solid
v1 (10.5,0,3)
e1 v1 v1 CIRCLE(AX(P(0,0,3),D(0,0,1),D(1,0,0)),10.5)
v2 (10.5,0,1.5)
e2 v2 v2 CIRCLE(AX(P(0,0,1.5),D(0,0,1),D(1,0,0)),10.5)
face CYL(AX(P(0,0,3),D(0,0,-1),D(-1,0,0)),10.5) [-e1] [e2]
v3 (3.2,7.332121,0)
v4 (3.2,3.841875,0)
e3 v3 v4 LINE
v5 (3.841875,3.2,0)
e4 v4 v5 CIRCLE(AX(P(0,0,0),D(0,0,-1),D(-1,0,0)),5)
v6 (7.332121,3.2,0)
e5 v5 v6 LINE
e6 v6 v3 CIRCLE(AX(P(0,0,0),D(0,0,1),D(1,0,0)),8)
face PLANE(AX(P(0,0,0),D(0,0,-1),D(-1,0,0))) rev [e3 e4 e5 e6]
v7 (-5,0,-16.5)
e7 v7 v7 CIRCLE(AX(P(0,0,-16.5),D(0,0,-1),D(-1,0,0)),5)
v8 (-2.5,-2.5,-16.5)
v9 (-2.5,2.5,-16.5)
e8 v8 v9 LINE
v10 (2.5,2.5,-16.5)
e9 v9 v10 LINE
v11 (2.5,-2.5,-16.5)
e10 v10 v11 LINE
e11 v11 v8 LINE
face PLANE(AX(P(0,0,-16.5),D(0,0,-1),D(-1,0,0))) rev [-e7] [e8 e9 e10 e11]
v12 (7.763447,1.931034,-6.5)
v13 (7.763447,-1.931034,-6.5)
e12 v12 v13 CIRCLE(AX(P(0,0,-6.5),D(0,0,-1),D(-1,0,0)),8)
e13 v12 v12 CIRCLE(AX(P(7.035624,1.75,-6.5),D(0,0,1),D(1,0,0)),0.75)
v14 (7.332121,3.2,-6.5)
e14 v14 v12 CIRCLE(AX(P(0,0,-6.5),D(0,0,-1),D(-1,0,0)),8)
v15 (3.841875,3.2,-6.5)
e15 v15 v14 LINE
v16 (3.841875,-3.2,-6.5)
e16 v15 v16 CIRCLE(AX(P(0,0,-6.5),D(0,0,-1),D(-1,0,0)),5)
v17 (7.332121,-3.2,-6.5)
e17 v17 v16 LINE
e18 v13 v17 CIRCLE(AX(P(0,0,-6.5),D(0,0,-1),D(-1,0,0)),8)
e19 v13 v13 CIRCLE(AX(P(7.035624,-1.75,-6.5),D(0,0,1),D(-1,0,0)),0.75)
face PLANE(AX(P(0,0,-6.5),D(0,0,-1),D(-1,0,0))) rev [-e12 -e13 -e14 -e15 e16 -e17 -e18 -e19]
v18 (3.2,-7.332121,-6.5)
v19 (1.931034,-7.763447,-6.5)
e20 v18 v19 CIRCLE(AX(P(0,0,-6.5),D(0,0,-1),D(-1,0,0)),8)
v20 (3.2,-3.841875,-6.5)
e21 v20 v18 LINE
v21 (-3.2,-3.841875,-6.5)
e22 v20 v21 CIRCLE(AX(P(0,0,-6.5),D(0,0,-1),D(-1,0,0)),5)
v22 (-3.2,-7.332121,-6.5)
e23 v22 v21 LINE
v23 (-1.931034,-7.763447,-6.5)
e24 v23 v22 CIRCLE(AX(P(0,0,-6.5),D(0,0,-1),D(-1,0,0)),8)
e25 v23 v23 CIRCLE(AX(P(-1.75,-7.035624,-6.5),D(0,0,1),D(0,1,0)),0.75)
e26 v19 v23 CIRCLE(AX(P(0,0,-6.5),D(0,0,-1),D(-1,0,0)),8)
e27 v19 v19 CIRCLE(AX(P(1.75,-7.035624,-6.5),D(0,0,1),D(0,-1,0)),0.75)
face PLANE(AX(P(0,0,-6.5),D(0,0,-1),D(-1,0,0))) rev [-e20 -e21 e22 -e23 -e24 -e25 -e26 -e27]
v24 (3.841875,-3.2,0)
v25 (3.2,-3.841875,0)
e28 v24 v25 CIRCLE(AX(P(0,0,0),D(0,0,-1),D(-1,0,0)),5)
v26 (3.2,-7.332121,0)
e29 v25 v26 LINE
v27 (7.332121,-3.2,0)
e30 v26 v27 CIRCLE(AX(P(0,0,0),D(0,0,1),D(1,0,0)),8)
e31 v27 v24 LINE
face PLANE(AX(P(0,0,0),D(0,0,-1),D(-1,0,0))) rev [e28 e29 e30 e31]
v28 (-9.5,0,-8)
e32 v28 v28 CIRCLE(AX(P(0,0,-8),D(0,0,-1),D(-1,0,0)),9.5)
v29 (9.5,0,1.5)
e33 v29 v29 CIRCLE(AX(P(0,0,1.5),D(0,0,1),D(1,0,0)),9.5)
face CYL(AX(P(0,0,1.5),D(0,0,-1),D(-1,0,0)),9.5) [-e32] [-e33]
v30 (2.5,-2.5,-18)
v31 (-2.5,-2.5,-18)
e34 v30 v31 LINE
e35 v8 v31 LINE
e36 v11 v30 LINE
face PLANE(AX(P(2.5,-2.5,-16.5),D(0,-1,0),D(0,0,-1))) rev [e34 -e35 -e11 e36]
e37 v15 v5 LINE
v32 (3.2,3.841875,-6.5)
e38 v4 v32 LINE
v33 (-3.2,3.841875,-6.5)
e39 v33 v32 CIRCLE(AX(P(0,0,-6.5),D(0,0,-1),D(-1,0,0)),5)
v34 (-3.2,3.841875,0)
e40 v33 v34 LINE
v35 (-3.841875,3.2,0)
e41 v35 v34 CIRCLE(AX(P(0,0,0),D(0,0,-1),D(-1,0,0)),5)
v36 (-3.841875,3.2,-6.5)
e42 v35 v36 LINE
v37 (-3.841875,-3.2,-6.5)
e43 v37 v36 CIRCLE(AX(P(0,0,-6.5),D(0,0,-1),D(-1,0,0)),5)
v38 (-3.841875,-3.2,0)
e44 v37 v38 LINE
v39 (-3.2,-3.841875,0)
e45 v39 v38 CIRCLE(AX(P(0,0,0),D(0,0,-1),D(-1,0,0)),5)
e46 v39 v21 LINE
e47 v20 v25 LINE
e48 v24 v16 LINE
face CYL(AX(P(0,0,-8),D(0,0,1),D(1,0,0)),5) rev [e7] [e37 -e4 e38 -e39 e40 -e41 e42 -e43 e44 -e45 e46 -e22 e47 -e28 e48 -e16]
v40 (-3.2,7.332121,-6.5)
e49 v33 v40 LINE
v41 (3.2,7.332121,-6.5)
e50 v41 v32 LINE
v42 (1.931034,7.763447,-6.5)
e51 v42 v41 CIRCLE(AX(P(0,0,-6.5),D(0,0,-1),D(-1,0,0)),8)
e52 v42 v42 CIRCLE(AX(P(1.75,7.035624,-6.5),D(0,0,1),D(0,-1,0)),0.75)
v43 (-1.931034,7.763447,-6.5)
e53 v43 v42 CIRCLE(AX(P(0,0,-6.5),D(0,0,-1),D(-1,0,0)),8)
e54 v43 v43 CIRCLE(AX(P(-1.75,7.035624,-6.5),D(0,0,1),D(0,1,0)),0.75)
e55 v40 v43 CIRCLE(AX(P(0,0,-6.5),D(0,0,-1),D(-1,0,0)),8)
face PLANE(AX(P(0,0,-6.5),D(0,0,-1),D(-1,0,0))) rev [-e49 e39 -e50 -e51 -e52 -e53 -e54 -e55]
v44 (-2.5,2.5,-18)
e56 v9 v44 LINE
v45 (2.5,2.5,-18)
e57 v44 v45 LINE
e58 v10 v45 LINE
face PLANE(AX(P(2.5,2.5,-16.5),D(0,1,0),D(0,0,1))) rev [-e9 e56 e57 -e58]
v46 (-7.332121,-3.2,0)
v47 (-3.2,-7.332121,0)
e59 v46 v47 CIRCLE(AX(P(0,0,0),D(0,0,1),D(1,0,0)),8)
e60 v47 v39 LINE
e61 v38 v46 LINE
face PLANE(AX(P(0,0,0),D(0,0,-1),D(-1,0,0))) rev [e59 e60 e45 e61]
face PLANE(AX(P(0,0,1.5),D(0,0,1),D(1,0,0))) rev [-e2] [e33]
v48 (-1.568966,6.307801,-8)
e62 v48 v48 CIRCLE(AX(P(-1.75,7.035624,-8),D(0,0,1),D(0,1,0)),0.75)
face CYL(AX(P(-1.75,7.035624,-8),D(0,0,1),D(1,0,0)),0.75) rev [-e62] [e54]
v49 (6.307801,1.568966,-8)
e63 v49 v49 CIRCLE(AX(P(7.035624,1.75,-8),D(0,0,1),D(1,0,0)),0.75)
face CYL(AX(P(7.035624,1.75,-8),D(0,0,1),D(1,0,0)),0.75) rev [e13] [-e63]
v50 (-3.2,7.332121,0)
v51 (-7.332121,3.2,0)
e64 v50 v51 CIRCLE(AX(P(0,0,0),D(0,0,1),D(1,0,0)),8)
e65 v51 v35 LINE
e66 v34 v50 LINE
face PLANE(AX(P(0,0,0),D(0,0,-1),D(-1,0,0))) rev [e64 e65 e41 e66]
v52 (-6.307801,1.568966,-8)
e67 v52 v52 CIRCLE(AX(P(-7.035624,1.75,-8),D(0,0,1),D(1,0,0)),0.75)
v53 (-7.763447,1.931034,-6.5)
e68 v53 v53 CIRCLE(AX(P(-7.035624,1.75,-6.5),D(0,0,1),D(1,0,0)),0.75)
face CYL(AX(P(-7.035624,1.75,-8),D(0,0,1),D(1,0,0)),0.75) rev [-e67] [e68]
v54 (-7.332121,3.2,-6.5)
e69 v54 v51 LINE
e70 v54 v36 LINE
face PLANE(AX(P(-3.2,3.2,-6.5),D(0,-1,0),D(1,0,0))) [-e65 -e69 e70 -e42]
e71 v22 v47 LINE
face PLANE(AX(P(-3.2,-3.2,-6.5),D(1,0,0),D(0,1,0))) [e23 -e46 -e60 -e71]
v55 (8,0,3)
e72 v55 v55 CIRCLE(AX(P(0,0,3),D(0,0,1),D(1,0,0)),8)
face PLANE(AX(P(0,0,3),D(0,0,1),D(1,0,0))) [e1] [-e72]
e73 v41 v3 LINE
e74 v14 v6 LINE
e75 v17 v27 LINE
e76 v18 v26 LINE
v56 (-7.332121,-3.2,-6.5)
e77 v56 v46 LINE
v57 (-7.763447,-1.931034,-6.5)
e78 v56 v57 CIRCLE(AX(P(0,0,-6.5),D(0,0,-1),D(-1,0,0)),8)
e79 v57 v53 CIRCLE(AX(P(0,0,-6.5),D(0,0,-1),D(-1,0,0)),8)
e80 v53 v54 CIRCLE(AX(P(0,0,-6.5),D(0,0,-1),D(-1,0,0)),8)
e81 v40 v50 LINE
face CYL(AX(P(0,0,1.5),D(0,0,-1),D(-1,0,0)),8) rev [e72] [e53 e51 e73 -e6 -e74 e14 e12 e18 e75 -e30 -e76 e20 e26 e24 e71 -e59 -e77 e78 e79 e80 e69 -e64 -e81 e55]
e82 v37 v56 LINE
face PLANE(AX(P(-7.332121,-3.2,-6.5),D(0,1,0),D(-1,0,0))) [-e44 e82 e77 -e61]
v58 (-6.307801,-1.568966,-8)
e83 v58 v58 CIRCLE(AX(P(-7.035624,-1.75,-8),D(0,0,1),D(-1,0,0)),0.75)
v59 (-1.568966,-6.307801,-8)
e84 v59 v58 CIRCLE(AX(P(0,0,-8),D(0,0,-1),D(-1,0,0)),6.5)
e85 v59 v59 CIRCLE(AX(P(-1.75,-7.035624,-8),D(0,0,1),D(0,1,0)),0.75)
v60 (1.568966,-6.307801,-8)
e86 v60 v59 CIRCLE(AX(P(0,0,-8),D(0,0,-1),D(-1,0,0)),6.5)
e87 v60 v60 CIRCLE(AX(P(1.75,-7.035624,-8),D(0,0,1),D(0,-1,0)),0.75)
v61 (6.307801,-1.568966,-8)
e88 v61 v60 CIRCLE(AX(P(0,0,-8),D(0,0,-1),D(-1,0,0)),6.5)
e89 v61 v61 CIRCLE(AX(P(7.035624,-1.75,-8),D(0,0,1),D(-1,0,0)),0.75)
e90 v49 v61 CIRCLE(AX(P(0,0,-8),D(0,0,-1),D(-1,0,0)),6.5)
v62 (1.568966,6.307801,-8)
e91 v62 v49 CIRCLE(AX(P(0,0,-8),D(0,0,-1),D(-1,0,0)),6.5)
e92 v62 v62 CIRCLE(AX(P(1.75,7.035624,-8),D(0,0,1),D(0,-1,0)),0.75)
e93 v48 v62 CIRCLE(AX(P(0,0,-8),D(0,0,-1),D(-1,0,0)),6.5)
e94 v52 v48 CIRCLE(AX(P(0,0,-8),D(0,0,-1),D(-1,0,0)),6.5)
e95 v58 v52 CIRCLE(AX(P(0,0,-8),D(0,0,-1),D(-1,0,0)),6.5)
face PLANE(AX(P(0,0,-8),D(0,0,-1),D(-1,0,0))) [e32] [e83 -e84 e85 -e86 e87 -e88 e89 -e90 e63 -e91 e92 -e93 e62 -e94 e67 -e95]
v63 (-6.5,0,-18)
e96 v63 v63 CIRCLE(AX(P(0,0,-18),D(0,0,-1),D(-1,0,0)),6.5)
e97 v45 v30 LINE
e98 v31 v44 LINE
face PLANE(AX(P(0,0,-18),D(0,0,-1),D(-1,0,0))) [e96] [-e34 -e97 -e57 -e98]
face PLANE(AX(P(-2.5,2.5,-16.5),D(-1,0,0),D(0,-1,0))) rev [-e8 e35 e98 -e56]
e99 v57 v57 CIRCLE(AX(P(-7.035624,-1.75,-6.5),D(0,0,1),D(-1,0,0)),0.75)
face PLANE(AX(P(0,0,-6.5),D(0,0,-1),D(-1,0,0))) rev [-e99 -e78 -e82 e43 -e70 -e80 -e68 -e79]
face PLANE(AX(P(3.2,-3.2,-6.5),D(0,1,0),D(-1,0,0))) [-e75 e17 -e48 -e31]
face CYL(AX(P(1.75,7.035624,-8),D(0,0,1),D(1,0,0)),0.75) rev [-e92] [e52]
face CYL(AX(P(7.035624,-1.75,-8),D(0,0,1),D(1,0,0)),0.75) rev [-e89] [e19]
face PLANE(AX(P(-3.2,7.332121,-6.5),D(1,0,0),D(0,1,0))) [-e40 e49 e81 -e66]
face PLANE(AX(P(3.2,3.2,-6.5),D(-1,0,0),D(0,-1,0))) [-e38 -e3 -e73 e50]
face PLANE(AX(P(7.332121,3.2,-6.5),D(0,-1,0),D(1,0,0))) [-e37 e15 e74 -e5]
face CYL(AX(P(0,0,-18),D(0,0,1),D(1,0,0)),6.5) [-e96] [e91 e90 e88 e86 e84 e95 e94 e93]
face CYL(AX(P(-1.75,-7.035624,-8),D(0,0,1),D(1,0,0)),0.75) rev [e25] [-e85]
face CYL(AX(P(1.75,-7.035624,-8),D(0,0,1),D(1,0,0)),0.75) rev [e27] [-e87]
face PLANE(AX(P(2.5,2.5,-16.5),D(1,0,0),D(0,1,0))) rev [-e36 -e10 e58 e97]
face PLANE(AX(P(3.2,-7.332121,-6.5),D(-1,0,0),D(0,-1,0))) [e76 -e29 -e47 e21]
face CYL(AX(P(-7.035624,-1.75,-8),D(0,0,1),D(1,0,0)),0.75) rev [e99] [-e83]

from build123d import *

# Parameters (mm, degrees)
SKETCH1_R         = 9.5
SKETCH1_R_2       = 8
EXTRUDE1_DEPTH    = 1.5
SKETCH2_R         = 10.5
SKETCH2_R_2       = 8
EXTRUDE2_DEPTH    = 1.5
EXTRUDE3_START    = 6.5
SKETCH3_R         = 9.5
EXTRUDE3_DEPTH    = 6.5
EXTRUDE4_START    = 1.5
SKETCH4_R         = 9.5
SKETCH4_R_2       = 5
EXTRUDE4_DEPTH    = 1.5
SKETCH5_R         = 5
EXTRUDE5_DEPTH    = 19.479718613
SKETCH6_R         = 0.75
EXTRUDE6_DEPTH    = 18.628102564
CIRPATTERN1_COUNT = 4
EXTRUDE7_START    = 10
SKETCH7_R         = 6.5
SKETCH7_R_2       = 5
EXTRUDE7_DEPTH    = 10
SKETCH8_R         = 6.5
SKETCH8_W         = 5
SKETCH8_H         = 5
EXTRUDE8_DEPTH    = 1.5


with BuildPart() as part:
    # Sketch1 → Extrude1 (new body)
    with BuildSketch(Plane.XY):
        Circle(SKETCH1_R)
        Circle(SKETCH1_R_2, mode=Mode.SUBTRACT)
    extrude(amount=EXTRUDE1_DEPTH)

    # Sketch2 → Extrude2 (add)
    with BuildSketch(Plane.XY.offset(1.5)):
        Circle(SKETCH2_R)
        Circle(SKETCH2_R_2, mode=Mode.SUBTRACT)
    extrude(amount=EXTRUDE2_DEPTH)

    # Sketch3 → Extrude3 (add)
    with BuildSketch(Plane(origin=(0, 0, 0), x_dir=(-1, 0, 0), z_dir=(0, 0, -1)).offset(EXTRUDE3_START)):
        Circle(SKETCH3_R)
        with BuildLine():
            Line((-7.332121112, 3.2), (-3.2, 3.2))
            Line((-3.2, 3.2), (-3.2, 7.332121112))
            ThreePointArc((-3.2, 7.332121112), (0, 8), (3.2, 7.332121112))
            Line((3.2, 7.332121112), (3.2, 3.2))
            Line((3.2, 3.2), (7.332121112, 3.2))
            ThreePointArc((7.332121112, 3.2), (8, 0), (7.332121112, -3.2))
            Line((7.332121112, -3.2), (3.2, -3.2))
            Line((3.2, -3.2), (3.2, -7.332121112))
            ThreePointArc((3.2, -7.332121112), (0, -8), (-3.2, -7.332121112))
            Line((-3.2, -7.332121112), (-3.2, -3.2))
            Line((-3.2, -3.2), (-7.332121112, -3.2))
            ThreePointArc((-7.332121112, -3.2), (-8, 0), (-7.332121112, 3.2))
        make_face(mode=Mode.SUBTRACT)
    extrude(amount=-EXTRUDE3_DEPTH)

    # Sketch4 → Extrude4 (add)
    with BuildSketch(Plane(origin=(0, 0, -6.5), x_dir=(-1, 0, 0), z_dir=(0, 0, -1)).offset(EXTRUDE4_START)):
        Circle(SKETCH4_R)
        with Locations(Location((0, 0, 0), (0, 0, 140.2081805))):
            Circle(SKETCH4_R_2, mode=Mode.SUBTRACT)
    extrude(amount=-EXTRUDE4_DEPTH)

    # Sketch5 → Extrude5 (cut, through all)
    with BuildSketch(Plane(origin=(0, 0, -8), x_dir=(-1, 0, 0), z_dir=(0, 0, -1))):
        with Locations(Location((0, 0, 0), (0, 0, 140.2081805))):
            Circle(SKETCH5_R)
    extrude(amount=-EXTRUDE5_DEPTH, mode=Mode.SUBTRACT)

    # Sketch6 → Extrude6 (cut, through all)
    with BuildSketch(Plane.XY.offset(-6.5)):
        with Locations((7.03562364, 1.75)):
            Circle(SKETCH6_R)
        with Locations(Location((7.03562364, -1.75, 0), (0, 0, 346.033020145))):
            Circle(SKETCH6_R)
    extrude6 = extrude(amount=-EXTRUDE6_DEPTH, mode=Mode.SUBTRACT)

    # CirPattern1: Extrude6 ×4 about axis
    cirpattern1_axis = Axis((0, 0, 0), (0, 0, 1))
    for i in range(1, CIRPATTERN1_COUNT):
        add(extrude6.rotate(cirpattern1_axis, i * 360 / CIRPATTERN1_COUNT), mode=Mode.SUBTRACT)

    # Sketch7 → Extrude7 (add)
    with BuildSketch(Plane(origin=(0, 0, -8), x_dir=(-1, 0, 0), z_dir=(0, 0, -1)).offset(EXTRUDE7_START)):
        with Locations(Location((0, 0, 0), (0, 0, 193.967860451))):
            Circle(SKETCH7_R)
        with Locations(Location((0, 0, 0), (0, 0, 140.2081805))):
            Circle(SKETCH7_R_2, mode=Mode.SUBTRACT)
    extrude(amount=-EXTRUDE7_DEPTH)

    # Sketch8 → Extrude8 (add)
    with BuildSketch(Plane(origin=(0, 0, -18), x_dir=(-1, 0, 0), z_dir=(0, 0, -1))):
        with Locations(Location((0, 0, 0), (0, 0, 193.967860451))):
            Circle(SKETCH8_R)
        Rectangle(SKETCH8_W, SKETCH8_H, mode=Mode.SUBTRACT)
    extrude(amount=-EXTRUDE8_DEPTH)


solid = part.part
